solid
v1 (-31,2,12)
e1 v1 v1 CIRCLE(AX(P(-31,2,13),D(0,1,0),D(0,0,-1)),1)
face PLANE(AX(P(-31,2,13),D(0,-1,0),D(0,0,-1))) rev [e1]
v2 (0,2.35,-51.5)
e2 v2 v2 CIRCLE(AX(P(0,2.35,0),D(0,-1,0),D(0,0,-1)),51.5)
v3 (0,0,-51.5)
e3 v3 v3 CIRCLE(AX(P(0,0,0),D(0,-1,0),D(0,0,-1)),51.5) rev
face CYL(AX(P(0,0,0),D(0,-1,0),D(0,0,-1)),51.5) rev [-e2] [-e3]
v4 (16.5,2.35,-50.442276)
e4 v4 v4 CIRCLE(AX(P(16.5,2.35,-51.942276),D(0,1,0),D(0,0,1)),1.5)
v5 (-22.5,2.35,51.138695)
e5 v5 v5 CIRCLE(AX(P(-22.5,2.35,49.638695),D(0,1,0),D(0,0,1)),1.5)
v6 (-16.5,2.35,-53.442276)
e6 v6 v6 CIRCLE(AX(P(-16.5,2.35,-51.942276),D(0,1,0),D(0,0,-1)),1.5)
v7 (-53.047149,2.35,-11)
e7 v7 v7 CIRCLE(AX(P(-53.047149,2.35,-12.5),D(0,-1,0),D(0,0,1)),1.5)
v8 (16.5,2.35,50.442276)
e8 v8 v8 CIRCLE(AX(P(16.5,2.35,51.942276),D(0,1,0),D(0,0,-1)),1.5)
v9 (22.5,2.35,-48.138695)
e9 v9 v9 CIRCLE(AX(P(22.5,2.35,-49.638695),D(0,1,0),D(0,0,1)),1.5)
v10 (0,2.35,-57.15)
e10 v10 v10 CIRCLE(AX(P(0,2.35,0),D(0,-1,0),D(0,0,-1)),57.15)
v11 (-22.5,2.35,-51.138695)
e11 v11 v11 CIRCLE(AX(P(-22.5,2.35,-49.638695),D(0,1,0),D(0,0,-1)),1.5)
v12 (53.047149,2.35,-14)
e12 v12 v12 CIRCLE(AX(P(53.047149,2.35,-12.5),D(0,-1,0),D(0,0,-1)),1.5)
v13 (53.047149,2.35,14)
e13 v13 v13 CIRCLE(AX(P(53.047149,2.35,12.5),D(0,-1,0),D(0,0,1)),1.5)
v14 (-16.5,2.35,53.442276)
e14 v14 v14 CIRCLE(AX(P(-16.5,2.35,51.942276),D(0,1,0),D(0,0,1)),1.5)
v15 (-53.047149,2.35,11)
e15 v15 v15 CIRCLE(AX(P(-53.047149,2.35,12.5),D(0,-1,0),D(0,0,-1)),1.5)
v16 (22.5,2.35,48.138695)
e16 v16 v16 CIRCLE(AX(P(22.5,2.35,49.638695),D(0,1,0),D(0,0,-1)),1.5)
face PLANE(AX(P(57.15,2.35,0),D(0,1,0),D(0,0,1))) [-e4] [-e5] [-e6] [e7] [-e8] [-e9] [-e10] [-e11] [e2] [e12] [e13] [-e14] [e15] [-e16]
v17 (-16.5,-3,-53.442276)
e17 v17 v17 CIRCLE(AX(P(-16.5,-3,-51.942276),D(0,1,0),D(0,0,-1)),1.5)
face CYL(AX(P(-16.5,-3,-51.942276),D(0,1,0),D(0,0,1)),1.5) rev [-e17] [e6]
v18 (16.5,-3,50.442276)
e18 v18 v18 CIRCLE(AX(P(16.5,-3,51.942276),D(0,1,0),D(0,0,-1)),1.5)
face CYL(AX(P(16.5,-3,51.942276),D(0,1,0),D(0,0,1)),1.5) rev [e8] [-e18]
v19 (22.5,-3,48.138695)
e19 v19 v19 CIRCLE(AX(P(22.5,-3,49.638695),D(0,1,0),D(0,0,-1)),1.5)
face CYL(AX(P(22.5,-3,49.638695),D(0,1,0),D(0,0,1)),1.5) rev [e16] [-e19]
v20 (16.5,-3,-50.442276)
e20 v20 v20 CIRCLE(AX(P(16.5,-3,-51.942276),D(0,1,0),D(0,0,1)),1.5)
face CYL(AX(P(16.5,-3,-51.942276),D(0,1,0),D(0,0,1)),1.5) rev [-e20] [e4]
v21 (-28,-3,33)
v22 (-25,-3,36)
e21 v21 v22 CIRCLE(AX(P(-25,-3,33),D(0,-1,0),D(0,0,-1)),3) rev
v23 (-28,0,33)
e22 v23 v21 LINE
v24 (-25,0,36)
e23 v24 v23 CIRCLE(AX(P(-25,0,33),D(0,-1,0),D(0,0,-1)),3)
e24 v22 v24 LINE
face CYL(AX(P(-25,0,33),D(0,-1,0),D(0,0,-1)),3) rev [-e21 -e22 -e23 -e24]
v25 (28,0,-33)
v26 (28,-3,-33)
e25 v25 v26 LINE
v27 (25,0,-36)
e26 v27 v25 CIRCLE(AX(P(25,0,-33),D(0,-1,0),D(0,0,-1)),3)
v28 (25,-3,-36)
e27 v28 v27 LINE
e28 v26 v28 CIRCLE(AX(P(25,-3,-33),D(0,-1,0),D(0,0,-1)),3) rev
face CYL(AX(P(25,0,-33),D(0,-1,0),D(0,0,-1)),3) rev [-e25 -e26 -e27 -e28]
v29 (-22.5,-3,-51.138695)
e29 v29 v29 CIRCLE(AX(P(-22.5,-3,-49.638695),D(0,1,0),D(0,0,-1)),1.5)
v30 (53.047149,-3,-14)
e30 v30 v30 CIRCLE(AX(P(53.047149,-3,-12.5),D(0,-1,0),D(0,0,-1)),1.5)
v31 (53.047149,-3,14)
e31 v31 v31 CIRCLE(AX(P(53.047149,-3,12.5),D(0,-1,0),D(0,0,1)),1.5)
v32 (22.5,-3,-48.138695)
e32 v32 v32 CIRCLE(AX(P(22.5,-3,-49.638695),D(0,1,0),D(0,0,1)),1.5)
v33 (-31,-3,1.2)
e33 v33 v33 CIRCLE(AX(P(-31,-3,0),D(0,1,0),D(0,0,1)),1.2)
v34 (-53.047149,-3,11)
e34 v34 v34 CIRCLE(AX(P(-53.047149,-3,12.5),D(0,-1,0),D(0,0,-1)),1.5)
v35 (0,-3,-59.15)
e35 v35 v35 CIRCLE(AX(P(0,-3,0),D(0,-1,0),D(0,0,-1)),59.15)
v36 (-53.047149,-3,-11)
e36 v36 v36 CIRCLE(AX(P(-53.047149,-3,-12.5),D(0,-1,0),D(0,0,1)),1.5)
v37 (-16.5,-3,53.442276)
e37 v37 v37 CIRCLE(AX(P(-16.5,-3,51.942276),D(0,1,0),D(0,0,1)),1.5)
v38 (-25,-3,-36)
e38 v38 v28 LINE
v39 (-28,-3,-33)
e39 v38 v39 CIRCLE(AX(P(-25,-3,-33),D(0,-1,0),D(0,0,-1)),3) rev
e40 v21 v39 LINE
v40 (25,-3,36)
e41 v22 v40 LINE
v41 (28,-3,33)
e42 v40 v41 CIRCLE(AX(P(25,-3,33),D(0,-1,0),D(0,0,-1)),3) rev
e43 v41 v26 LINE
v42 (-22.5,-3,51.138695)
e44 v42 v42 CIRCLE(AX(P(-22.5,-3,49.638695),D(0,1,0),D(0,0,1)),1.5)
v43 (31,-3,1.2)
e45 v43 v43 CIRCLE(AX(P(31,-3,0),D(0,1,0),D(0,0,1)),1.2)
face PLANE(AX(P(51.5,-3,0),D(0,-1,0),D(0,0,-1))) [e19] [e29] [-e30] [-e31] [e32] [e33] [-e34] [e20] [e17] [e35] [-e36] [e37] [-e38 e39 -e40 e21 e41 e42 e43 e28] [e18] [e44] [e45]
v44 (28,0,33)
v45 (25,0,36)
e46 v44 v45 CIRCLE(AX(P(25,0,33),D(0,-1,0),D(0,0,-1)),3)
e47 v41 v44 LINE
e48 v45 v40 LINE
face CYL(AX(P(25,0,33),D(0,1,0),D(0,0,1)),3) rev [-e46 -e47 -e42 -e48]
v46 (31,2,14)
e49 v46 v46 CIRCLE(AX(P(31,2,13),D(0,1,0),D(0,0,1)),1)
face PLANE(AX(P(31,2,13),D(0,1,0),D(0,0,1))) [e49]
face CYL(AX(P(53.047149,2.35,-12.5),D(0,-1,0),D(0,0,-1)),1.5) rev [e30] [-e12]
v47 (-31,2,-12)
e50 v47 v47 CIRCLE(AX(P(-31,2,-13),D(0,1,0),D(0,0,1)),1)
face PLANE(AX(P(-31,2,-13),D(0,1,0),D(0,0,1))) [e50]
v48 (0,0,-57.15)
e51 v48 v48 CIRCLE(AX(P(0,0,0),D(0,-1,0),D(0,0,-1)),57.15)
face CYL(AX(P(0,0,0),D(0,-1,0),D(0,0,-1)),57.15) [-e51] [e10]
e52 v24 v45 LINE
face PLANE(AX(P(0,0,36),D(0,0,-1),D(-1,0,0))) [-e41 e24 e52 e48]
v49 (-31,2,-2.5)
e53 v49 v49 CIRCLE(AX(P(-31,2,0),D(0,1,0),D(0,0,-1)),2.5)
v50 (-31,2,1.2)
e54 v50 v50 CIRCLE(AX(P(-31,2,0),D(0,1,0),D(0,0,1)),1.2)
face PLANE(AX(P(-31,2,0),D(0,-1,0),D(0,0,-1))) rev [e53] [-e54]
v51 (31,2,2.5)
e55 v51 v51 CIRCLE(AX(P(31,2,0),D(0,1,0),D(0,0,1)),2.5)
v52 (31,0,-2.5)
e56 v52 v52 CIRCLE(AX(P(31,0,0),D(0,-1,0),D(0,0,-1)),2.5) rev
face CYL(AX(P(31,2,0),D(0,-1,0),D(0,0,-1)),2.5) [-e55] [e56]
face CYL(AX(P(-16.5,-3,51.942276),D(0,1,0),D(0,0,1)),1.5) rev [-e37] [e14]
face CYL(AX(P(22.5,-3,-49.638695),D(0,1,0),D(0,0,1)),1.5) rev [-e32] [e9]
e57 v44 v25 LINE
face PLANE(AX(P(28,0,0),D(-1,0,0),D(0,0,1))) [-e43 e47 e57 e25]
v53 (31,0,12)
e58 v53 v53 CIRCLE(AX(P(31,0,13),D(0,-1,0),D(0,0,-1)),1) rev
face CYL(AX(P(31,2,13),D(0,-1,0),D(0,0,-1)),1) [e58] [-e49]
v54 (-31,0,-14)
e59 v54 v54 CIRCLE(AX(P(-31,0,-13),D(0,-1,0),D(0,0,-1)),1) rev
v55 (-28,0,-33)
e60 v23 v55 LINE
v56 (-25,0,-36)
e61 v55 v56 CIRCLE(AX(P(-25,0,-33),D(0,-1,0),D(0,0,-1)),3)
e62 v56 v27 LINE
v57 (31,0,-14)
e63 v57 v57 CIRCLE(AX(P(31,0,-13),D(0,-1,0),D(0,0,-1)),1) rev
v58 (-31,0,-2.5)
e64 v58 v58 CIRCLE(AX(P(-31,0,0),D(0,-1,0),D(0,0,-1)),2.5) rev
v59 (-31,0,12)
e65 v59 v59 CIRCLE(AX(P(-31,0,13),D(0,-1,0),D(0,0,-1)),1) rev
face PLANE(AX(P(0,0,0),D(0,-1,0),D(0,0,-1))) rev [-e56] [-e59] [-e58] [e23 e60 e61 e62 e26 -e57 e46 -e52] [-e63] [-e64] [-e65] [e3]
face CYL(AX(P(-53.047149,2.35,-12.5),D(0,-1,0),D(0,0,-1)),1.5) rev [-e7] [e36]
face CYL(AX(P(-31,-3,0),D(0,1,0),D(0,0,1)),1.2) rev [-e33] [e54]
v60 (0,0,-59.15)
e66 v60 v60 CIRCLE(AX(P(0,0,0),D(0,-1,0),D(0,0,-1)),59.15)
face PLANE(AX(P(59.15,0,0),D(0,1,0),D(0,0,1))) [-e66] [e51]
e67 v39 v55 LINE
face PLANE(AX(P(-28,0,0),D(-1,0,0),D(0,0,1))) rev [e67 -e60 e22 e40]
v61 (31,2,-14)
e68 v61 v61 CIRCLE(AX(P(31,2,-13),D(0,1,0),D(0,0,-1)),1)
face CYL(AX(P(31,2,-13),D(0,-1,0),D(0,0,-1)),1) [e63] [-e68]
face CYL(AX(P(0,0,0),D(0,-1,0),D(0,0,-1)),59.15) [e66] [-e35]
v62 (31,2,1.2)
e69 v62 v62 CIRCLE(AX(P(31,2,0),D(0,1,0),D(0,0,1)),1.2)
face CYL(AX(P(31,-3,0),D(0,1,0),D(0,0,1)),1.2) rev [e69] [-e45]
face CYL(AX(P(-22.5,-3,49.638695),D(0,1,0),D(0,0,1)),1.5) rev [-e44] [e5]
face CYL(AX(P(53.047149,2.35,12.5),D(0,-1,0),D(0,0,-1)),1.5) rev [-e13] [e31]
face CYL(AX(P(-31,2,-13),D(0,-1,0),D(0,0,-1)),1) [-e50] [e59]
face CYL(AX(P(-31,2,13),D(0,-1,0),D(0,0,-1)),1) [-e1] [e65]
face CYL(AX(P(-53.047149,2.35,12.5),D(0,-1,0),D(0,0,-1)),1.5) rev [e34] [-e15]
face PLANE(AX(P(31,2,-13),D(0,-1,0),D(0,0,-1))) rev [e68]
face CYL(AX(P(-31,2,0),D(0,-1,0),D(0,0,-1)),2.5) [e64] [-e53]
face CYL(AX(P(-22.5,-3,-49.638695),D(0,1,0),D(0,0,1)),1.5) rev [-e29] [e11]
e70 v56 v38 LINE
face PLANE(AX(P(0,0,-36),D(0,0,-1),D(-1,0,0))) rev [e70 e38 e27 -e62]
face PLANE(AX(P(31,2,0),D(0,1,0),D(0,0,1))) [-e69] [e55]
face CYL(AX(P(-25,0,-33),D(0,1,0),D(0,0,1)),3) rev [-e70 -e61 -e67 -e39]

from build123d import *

# Parameters (mm, degrees)
SKETCH_3_R          = 1.5
CUT_EXTRUDE_1_DEPTH = 84.821641
SKETCH_2_R          = 51.5
SKETCH_2_W          = 56
SKETCH_2_H          = 72
EXTRUDE_1_DEPTH     = 3
SKETCH_4_R          = 1
SKETCH_4_R_2        = 2.5
EXTRUDE_2_DEPTH     = 2
SKETCH_5_R          = 1.2
CUT_EXTRUDE_2_DEPTH = 84.800029833
FILLET_2_R          = 3
SKETCH_11_R         = 1.5
CUT_EXTRUDE_6_DEPTH = 84.821641


with BuildPart() as part:
    # 草图1 → 旋转1 (revolve)
    with BuildSketch(Plane.XY, mode=Mode.PRIVATE) as revolve_1_sk:
        Polygon((51.5, 2.35), (51.5, -3), (59.15, -3), (59.15, 0), (57.15, 0), (57.15, 2.35), align=None)
    revolve(revolve_1_sk.sketch.rotate(Axis((0, 0, 0), (0, 1, 0)), 90), axis=Axis((0, 0, 0), (0, 1, 0)))

    # 草图3 → 切除-拉伸1 (cut, through all)
    with BuildSketch(Plane(origin=(0, 2.35, 0), x_dir=(1, 0, 0), z_dir=(0, 1, 0))):
        with Locations(Location((-16.5, -51.942275653, 0), (0, 0, 270))):
            Circle(SKETCH_3_R)
        with Locations(Location((-22.5, -49.638694584, 0), (0, 0, 270))):
            Circle(SKETCH_3_R)
        with Locations(Location((-22.5, 49.638694584, 0), (0, 0, 90))):
            Circle(SKETCH_3_R)
        with Locations(Location((-16.5, 51.942275653, 0), (0, 0, 90))):
            Circle(SKETCH_3_R)
        with Locations(Location((16.5, 51.942275653, 0), (0, 0, 270))):
            Circle(SKETCH_3_R)
        with Locations(Location((22.5, 49.638694584, 0), (0, 0, 270))):
            Circle(SKETCH_3_R)
        with Locations(Location((22.5, -49.638694584, 0), (0, 0, 90))):
            Circle(SKETCH_3_R)
        with Locations(Location((16.5, -51.942275653, 0), (0, 0, 90))):
            Circle(SKETCH_3_R)
    extrude(amount=-CUT_EXTRUDE_1_DEPTH, mode=Mode.SUBTRACT)

    # 草图2 → 凸台-拉伸1 (add)
    with BuildSketch(Plane.XZ.offset(3)):
        with Locations(Location((0, 0, 0), (0, 0, 270))):
            Circle(SKETCH_2_R)
        Rectangle(SKETCH_2_W, SKETCH_2_H, mode=Mode.SUBTRACT)
    extrude(amount=-EXTRUDE_1_DEPTH)

    # 草图4 → 凸台-拉伸2 (add)
    with BuildSketch(Plane(origin=(0, 0, 0), x_dir=(1, 0, 0), z_dir=(0, 1, 0))):
        with Locations(Location((31, -13, 0), (0, 0, 90))):
            Circle(SKETCH_4_R)
        with Locations(Location((-31, -13, 0), (0, 0, 90))):
            Circle(SKETCH_4_R)
        with Locations(Location((-31, 13, 0), (0, 0, 90))):
            Circle(SKETCH_4_R)
        with Locations(Location((31, 13, 0), (0, 0, 90))):
            Circle(SKETCH_4_R)
        with Locations(Location((31, 0, 0), (0, 0, 90))):
            Circle(SKETCH_4_R_2)
        with Locations(Location((-31, 0, 0), (0, 0, 90))):
            Circle(SKETCH_4_R_2)
    extrude(amount=EXTRUDE_2_DEPTH)

    # 草图5 → 切除-拉伸2 (cut, through all)
    with BuildSketch(Plane(origin=(0, 2, 0), x_dir=(1, 0, 0), z_dir=(0, 1, 0))):
        with Locations(Location((31, 0, 0), (0, 0, 270))):
            Circle(SKETCH_5_R)
        with Locations(Location((-31, 0, 0), (0, 0, 270))):
            Circle(SKETCH_5_R)
    extrude(amount=-CUT_EXTRUDE_2_DEPTH, mode=Mode.SUBTRACT)

    # 圆角2
    fillet_2_edges = [part.edges().sort_by_distance(p)[0] for p in [
        (-28, -1.5, -36),
        (28, -1.5, -36),
        (28, -1.5, 36),
        (-28, -1.5, 36),
    ]]
    fillet(fillet_2_edges, radius=FILLET_2_R)

    # 草图11 → 切除-拉伸6 (cut, through all)
    with BuildSketch(Plane.XZ.offset(3)):
        with Locations(Location((-53.047148839, 12.5, 0), (0, 0, 270))):
            Circle(SKETCH_11_R)
        with Locations(Location((53.047148839, 12.5, 0), (0, 0, 90))):
            Circle(SKETCH_11_R)
        with Locations(Location((53.047148839, -12.5, 0), (0, 0, 270))):
            Circle(SKETCH_11_R)
        with Locations(Location((-53.047148839, -12.5, 0), (0, 0, 90))):
            Circle(SKETCH_11_R)
    extrude(amount=-CUT_EXTRUDE_6_DEPTH, mode=Mode.SUBTRACT)


solid = part.part
